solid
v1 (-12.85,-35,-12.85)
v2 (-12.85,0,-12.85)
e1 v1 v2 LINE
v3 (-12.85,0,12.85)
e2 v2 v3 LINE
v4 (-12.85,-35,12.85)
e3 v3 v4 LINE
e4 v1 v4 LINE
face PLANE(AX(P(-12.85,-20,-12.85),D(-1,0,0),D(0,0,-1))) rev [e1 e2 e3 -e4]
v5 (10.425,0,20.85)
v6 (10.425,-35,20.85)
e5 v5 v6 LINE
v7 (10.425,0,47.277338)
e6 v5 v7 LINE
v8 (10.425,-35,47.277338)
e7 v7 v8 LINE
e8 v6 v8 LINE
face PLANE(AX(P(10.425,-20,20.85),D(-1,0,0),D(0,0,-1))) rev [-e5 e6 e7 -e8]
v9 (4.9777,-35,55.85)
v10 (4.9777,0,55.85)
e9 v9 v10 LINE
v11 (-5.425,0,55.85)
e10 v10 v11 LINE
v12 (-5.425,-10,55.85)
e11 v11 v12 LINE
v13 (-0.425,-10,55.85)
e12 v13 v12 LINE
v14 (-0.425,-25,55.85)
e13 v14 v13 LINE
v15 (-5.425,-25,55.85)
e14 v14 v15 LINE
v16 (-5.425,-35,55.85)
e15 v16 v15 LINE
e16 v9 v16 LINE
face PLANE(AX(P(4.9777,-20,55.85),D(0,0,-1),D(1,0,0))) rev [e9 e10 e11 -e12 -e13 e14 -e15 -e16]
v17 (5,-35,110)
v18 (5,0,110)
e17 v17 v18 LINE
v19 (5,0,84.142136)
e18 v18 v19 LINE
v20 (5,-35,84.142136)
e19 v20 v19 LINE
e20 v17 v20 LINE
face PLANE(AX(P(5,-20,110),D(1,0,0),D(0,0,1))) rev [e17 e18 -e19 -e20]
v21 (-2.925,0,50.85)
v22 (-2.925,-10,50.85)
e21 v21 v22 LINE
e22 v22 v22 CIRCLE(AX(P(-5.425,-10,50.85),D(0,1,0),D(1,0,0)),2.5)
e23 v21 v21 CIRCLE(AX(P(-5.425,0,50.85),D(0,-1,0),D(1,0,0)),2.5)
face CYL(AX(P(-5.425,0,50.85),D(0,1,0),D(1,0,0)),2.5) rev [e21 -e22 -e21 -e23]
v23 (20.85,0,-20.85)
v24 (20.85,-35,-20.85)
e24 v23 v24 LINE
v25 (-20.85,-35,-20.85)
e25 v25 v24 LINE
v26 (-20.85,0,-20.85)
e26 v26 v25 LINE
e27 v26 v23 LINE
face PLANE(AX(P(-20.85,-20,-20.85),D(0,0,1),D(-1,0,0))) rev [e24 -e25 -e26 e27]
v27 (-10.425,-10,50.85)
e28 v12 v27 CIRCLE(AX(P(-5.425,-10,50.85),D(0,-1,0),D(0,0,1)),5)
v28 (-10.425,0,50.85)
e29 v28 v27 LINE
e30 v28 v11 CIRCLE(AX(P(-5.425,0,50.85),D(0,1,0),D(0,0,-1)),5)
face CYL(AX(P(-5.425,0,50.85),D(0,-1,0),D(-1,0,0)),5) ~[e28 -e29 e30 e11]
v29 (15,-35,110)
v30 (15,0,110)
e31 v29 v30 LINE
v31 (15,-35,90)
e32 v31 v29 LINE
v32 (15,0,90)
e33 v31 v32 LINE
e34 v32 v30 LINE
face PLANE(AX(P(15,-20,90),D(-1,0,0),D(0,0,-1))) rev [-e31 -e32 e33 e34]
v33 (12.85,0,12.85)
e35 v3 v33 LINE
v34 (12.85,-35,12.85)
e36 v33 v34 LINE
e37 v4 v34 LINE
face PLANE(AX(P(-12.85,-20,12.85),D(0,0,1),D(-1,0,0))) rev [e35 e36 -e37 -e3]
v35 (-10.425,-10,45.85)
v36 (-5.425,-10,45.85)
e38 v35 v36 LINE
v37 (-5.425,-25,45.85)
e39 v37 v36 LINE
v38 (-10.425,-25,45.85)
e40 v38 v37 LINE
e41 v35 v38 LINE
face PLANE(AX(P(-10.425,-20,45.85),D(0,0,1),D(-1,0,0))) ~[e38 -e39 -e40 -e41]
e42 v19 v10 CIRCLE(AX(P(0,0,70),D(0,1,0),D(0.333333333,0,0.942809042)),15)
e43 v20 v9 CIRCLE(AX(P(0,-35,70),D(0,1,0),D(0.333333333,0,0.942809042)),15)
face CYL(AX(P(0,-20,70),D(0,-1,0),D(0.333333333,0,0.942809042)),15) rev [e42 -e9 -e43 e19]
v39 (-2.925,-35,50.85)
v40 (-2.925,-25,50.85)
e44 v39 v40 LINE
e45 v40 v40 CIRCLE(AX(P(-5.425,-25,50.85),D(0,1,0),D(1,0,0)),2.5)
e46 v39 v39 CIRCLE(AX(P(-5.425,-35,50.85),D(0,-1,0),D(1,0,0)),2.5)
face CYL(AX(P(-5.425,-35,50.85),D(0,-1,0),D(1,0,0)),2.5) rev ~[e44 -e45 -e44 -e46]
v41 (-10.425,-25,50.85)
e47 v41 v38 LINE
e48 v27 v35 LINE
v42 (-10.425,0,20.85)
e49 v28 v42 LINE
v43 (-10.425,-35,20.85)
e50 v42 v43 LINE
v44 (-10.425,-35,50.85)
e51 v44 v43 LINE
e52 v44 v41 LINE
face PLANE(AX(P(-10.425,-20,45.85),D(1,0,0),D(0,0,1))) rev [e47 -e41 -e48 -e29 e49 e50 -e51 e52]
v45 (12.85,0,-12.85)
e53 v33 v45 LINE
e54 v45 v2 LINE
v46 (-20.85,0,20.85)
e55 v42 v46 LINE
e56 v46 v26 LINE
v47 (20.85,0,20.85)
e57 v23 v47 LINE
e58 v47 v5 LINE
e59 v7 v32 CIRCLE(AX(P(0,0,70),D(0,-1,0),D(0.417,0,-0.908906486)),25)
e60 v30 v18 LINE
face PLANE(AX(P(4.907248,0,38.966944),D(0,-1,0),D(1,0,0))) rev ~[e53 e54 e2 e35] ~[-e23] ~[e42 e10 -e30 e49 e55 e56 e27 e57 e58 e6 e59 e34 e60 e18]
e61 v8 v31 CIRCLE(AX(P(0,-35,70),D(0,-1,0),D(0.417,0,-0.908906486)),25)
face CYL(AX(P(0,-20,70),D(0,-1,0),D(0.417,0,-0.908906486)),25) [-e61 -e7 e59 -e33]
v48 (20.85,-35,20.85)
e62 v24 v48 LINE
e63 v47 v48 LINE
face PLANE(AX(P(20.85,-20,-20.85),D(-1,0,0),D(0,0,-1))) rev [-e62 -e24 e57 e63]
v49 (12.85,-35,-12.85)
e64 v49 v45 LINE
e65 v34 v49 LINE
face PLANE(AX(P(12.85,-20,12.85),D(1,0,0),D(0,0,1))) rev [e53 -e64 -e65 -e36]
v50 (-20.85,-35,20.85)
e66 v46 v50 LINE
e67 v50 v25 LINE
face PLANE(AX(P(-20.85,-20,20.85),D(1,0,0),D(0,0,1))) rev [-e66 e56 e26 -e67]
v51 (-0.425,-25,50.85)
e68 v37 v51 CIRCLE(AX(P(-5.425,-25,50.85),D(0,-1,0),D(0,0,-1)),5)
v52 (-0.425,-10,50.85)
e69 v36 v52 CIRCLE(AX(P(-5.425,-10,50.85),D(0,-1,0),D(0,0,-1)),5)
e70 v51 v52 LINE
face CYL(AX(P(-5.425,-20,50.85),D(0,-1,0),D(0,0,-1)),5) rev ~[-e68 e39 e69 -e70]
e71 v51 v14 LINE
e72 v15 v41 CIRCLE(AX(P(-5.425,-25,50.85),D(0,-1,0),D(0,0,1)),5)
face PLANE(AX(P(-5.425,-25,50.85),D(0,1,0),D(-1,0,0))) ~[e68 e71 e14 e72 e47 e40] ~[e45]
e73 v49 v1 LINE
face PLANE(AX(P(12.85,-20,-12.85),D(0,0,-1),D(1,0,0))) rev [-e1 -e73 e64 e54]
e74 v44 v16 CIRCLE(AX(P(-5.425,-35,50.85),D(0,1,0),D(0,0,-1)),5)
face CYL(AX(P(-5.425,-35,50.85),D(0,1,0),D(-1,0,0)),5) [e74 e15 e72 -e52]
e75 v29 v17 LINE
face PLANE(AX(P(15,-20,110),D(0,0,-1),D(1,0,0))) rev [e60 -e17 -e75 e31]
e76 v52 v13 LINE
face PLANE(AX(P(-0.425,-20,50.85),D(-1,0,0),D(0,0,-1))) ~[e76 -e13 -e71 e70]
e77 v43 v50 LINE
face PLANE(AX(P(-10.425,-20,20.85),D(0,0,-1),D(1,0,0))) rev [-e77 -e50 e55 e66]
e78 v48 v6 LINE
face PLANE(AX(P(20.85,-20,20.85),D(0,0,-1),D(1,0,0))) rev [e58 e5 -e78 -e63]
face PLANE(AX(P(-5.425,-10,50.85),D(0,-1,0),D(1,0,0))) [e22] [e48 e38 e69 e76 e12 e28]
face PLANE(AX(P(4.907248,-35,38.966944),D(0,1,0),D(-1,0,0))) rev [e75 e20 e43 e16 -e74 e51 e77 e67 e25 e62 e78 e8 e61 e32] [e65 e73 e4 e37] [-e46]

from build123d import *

# Parameters (mm, degrees)
F0_R     = 2.5
F1_DEPTH = 15
F2_R     = 5
F4_DEPTH = 5
F5_DEPTH = 2.5


with BuildPart() as f1:
    # F0 (on Front) → F1 (new body)
    with BuildSketch(Plane.XZ):
        with BuildLine():
            Line((-20.85, 20.85), (-20.85, 0))
            Line((-20.85, 0), (-20.85, -20.85))
            Line((-20.85, -20.85), (0, -20.85))
            Line((0, -20.85), (20.85, -20.85))
            Line((20.85, -20.85), (20.85, 0))
            Line((20.85, 0), (20.85, 20.85))
            Line((20.85, 20.85), (10.425, 20.85))
            Line((10.425, 20.85), (10.425, 47.277337854))
            ThreePointArc((10.425, 47.277337854), (24.8578784585, 67.3380686447), (15, 90))
            Line((15, 90), (15, 110))
            Line((15, 110), (5, 110))
            Line((5, 110), (5, 84.1421356237))
            ThreePointArc((5, 84.1421356237), (14.9999953406, 69.9881770745), (4.9777002722, 55.85))
            Line((4.9777002722, 55.85), (-10.425, 55.85))
            Line((-10.425, 55.85), (-10.425, 20.85))
            Line((-10.425, 20.85), (-20.85, 20.85))
        make_face()
        Polygon((-12.85, 12.85), (0, 12.85), (12.85, 12.85), (12.85, 0), (12.85, -12.85), (0, -12.85), (-12.85, -12.85), (-12.85, 0), align=None, mode=Mode.SUBTRACT)
        with Locations((-5.425, 50.85)):
            Circle(F0_R, mode=Mode.SUBTRACT)
    extrude(amount=F1_DEPTH)

    # F2
    f2_edges = [f1.edges().sort_by_distance(p)[0] for p in [
        (-10.425, -7.5, 55.85),
    ]]
    fillet(f2_edges, radius=F2_R)

    # F3 (on face) → F4 (cut)
    with BuildSketch(Plane.XZ.offset(15)):
        with BuildLine():
            Line((-0.425, 55.85), (-5.425, 55.85))
            ThreePointArc((-5.425, 55.85), (-8.9605339059, 54.3855339059), (-10.425, 50.85))
            Line((-10.425, 50.85), (-10.425, 45.85))
            Line((-10.425, 45.85), (-5.425, 45.85))
            ThreePointArc((-5.425, 45.85), (-1.8894660941, 47.3144660941), (-0.425, 50.85))
            Line((-0.425, 50.85), (-0.425, 55.85))
        make_face()
    extrude(amount=-F4_DEPTH, mode=Mode.SUBTRACT)

    # F5 (add): a face of the model
    f5_faces = [f1.faces().sort_by_distance(p)[0] for p in [
        (4.1569852553, -15, 31.7276341026),
    ]]
    extrude(f5_faces, amount=F5_DEPTH)

    # F7: F1 across plane


with BuildPart() as f1_1:
    add(f1.part)
    add(f1.part.mirror(Plane.XZ.offset(17.5)))


solid = f1_1.part
